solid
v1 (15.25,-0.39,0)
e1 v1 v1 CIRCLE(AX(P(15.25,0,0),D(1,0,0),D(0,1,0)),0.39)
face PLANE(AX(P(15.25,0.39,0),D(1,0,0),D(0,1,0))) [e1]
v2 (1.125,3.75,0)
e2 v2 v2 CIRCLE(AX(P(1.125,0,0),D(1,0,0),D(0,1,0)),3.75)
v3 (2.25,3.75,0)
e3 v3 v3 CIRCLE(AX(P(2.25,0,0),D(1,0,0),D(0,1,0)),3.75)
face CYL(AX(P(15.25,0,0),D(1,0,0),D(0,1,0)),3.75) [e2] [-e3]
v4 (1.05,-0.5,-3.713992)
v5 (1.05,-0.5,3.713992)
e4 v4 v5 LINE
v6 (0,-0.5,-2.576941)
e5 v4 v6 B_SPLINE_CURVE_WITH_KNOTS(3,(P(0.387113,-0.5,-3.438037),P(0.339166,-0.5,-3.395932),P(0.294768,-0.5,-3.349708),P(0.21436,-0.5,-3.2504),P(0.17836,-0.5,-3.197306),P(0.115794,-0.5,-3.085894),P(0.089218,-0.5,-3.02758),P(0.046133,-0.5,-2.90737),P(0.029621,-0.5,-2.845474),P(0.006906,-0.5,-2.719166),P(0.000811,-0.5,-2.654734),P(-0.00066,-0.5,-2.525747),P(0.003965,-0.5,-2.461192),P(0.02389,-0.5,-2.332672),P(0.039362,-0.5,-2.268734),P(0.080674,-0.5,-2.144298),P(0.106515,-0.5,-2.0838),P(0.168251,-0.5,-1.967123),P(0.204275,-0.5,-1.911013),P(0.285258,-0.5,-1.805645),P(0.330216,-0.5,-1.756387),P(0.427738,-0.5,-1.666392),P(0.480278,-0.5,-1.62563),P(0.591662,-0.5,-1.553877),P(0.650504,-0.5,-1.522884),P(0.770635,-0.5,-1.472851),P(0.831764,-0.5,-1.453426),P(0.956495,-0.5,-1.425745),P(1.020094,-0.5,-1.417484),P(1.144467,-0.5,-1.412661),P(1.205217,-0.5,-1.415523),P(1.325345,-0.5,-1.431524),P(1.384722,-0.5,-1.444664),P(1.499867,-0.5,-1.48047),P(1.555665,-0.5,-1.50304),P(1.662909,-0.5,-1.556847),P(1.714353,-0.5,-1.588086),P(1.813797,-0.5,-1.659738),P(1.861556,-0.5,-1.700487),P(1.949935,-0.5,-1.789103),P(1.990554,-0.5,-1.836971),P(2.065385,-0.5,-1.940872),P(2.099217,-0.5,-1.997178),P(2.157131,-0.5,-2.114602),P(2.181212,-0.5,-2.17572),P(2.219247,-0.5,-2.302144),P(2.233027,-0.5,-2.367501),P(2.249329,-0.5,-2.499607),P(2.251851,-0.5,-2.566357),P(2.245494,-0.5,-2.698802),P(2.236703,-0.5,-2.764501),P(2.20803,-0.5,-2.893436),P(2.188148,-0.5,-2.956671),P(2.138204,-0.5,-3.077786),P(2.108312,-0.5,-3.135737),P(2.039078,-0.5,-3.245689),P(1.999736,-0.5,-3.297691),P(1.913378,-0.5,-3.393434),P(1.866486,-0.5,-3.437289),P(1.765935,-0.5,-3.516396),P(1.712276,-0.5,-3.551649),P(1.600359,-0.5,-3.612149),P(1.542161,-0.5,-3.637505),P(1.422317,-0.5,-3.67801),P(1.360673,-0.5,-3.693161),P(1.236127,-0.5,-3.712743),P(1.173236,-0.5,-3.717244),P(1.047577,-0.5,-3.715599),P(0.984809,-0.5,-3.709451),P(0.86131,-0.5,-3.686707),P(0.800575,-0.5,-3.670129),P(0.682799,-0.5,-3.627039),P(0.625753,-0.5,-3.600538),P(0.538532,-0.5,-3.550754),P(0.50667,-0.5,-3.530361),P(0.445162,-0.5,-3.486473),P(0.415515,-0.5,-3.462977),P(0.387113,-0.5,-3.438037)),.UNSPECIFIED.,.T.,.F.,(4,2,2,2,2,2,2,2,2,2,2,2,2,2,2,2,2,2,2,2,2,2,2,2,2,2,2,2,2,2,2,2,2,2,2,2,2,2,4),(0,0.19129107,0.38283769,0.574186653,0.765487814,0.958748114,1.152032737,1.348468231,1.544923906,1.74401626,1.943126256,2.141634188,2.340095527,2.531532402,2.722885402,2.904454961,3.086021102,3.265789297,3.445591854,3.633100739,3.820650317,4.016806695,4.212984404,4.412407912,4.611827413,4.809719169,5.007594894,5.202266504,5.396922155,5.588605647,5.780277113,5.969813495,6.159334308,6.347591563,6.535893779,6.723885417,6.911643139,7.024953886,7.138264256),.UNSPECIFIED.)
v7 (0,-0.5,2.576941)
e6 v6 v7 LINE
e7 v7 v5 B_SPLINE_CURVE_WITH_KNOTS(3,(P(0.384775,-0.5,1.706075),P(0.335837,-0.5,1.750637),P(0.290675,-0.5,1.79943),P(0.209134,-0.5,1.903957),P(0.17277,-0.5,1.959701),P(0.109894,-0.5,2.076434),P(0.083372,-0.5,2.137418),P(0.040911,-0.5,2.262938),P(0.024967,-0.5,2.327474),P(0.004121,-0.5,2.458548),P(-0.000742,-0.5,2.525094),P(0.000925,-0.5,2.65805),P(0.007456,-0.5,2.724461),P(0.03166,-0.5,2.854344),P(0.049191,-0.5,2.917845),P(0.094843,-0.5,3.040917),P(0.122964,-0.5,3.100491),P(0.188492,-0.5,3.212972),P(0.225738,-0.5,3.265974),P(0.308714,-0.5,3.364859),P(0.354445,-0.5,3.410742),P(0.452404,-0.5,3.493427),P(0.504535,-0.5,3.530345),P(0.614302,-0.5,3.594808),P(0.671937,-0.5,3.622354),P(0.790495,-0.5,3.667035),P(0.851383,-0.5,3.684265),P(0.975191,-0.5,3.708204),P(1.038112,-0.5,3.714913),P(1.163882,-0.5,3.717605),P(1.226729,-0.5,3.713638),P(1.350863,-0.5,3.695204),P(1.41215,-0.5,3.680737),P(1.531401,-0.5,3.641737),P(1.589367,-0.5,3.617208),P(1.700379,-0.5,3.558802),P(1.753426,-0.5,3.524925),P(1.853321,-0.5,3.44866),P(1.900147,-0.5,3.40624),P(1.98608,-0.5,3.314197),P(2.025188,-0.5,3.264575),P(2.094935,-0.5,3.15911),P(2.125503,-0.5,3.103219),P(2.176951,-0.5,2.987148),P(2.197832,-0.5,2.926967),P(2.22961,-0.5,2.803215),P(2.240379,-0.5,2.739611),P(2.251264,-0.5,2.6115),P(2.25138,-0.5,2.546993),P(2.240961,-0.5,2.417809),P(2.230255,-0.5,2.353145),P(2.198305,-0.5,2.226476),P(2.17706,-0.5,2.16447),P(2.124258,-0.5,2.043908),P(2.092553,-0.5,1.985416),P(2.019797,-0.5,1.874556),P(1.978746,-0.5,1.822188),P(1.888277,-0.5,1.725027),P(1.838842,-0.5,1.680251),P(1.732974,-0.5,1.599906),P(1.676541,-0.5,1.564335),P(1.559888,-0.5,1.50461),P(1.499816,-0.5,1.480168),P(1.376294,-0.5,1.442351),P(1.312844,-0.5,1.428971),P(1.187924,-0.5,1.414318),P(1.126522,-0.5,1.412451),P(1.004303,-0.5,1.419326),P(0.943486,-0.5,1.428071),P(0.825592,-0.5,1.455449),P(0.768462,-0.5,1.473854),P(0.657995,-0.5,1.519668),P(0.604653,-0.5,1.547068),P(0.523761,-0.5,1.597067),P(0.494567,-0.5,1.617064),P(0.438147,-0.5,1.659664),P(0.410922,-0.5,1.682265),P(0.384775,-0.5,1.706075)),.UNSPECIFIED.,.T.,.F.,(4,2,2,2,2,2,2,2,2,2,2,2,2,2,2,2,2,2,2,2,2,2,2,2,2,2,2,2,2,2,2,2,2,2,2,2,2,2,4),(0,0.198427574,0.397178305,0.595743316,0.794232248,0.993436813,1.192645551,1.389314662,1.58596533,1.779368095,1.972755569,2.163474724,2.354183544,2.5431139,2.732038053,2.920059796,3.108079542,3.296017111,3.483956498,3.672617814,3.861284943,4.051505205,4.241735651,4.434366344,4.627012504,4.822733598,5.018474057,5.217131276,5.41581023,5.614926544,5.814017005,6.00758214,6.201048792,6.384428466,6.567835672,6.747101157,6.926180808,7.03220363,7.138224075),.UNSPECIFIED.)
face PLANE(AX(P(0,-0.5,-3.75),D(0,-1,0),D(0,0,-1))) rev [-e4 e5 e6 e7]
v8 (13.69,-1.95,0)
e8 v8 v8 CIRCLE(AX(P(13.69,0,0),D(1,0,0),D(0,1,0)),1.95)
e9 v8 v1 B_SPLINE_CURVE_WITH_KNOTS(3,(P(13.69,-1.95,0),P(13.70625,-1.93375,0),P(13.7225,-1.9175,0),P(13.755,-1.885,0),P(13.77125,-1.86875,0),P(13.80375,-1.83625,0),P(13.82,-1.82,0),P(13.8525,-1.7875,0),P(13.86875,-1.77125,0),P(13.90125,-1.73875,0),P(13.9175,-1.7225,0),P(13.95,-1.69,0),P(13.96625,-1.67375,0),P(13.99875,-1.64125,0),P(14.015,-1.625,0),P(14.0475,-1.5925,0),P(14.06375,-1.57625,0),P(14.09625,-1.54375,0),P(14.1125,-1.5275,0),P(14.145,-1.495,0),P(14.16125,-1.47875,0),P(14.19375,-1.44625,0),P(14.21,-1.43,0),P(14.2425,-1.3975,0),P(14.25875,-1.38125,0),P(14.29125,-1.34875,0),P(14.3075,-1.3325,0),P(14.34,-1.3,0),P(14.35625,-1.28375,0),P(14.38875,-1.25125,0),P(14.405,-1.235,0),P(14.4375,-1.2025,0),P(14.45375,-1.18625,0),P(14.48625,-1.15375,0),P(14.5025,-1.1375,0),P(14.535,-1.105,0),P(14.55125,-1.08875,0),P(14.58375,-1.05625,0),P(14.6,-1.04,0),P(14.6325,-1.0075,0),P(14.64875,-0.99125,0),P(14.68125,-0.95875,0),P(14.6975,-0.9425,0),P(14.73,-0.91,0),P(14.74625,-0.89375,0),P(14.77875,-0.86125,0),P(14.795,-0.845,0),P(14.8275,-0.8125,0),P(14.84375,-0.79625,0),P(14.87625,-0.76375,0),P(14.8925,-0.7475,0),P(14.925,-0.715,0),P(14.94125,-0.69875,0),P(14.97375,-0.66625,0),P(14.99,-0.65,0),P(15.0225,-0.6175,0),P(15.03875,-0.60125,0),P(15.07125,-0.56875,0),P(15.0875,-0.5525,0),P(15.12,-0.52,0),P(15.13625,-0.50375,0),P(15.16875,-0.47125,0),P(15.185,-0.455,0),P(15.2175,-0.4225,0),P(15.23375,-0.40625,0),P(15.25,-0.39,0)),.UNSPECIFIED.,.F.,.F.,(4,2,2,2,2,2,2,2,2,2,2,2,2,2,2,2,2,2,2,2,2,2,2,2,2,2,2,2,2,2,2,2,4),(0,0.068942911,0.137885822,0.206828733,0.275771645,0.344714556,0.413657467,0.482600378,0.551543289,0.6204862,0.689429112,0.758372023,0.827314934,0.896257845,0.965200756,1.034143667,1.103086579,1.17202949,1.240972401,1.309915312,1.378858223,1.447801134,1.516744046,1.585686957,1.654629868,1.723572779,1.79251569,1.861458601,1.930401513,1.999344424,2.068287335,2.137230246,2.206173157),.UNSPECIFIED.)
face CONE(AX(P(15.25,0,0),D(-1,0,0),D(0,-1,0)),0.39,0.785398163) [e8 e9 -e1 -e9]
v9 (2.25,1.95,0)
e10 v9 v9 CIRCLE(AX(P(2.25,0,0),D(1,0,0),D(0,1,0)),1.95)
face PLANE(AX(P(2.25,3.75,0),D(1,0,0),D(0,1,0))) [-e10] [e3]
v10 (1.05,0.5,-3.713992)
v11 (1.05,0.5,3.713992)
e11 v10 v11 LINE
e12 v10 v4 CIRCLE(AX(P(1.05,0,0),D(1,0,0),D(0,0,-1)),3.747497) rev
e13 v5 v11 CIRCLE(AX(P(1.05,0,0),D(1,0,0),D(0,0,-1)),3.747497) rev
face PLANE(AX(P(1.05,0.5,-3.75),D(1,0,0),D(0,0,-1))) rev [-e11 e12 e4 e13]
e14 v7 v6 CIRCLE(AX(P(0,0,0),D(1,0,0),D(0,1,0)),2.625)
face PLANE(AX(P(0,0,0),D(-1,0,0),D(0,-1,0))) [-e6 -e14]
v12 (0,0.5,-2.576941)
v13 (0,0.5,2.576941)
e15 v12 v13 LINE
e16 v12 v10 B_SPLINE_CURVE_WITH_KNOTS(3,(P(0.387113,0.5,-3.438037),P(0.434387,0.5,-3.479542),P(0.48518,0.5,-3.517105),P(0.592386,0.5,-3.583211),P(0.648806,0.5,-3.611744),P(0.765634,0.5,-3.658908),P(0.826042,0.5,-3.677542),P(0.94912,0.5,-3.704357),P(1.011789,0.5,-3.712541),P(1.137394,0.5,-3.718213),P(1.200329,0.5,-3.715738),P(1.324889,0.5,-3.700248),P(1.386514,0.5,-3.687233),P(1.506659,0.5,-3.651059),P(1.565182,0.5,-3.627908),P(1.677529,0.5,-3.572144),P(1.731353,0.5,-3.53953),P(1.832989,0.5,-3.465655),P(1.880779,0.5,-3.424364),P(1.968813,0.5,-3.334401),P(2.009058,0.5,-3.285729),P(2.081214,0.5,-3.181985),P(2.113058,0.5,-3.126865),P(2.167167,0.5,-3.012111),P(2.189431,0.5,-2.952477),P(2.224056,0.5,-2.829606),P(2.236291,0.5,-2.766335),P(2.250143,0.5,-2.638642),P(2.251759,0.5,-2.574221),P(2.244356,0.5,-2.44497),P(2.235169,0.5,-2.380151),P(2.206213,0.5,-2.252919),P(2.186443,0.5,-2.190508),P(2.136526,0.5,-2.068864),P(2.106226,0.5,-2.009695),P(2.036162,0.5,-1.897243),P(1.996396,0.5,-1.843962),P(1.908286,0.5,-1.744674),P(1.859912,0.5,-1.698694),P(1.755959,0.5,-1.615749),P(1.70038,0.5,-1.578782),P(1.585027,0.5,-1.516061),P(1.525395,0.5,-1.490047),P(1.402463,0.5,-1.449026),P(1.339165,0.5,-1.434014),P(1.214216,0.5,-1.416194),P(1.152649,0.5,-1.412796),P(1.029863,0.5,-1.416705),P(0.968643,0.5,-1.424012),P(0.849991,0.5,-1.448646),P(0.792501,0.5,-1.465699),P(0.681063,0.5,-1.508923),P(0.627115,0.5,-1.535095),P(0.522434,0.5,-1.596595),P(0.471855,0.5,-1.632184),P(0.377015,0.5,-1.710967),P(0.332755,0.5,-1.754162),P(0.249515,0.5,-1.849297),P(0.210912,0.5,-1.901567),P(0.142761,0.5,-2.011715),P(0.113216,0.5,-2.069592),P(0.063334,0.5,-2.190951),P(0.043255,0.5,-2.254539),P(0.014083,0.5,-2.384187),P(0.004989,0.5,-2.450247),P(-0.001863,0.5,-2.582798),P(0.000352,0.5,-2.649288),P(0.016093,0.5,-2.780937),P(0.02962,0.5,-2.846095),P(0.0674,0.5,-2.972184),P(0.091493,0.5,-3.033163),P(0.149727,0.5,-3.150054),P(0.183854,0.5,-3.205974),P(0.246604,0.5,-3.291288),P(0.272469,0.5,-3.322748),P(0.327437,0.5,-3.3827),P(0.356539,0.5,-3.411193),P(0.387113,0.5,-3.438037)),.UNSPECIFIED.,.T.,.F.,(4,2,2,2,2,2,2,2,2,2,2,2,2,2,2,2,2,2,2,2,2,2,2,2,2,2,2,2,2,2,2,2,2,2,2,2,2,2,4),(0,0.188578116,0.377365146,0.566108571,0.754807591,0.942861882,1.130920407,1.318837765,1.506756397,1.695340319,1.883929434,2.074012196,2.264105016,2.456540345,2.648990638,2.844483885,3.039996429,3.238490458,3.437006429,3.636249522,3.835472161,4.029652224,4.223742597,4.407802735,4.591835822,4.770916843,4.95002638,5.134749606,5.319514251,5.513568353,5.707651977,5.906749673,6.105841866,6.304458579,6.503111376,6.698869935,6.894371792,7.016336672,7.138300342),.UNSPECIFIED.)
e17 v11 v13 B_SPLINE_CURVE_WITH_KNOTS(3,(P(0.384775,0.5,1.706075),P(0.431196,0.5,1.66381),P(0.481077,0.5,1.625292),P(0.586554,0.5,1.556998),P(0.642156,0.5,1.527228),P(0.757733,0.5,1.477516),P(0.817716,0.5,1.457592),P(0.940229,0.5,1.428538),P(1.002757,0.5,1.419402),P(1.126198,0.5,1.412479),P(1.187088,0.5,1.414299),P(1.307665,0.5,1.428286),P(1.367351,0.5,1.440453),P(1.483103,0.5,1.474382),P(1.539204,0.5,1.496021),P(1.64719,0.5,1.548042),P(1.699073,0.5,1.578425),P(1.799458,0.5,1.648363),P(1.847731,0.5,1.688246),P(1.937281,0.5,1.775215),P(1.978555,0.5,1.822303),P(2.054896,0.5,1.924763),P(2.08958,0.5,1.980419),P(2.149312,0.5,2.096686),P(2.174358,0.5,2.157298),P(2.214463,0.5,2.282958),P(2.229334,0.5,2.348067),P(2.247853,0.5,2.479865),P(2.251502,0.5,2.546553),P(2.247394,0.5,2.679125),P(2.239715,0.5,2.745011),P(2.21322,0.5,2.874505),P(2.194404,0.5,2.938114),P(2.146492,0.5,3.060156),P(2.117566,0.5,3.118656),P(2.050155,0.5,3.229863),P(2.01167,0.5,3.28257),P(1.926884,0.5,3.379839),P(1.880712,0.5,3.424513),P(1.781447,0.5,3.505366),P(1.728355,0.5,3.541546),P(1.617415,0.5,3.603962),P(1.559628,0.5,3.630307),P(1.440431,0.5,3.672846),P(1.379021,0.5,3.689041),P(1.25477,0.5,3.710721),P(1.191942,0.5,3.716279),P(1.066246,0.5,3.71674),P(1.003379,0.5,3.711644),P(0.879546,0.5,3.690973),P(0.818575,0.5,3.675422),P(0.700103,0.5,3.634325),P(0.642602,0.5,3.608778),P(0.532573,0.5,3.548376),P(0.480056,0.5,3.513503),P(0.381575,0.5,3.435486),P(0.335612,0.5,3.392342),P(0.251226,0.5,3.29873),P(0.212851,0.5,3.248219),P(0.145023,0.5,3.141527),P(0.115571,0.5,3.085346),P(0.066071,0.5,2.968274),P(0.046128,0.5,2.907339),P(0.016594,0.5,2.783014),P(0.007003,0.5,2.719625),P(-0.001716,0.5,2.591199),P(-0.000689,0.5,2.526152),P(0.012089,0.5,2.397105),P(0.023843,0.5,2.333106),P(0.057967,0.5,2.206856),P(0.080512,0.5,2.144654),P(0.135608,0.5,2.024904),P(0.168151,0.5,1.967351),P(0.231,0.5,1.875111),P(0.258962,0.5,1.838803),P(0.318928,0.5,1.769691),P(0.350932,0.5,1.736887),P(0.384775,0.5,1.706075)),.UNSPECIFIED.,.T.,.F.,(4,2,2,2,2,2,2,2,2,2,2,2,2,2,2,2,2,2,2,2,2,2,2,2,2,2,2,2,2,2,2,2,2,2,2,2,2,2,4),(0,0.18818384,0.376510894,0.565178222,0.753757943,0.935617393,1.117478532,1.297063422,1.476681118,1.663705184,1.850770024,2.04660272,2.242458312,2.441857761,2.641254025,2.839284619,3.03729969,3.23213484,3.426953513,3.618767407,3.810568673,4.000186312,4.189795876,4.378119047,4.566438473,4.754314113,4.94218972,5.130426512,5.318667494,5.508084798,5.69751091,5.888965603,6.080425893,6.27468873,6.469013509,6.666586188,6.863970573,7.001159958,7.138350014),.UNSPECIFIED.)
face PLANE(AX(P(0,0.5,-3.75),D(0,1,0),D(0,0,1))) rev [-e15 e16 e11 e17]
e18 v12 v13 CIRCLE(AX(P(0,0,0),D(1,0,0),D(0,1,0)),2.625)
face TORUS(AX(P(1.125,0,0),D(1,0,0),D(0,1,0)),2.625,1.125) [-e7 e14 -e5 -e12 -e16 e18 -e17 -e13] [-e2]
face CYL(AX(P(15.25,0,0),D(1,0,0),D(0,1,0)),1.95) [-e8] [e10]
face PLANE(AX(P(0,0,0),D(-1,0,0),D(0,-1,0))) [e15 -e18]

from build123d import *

# Parameters (mm, degrees)
CUT_EXTRUDE1_DEPTH      = 17.145819892
CUT_EXTRUDE1_DEPTH_BACK = 17.145819892
SKETCH2_W               = 1.05
SKETCH2_H               = 1


with BuildPart() as part:
    # Sketch1 → Revolve1 (revolve)
    with BuildSketch(Plane.XY):
        with BuildLine():
            Line((0, 0), (0, 2.625))
            ThreePointArc((0, 2.625), (0.329504871, 3.420495129), (1.125, 3.75))
            Line((1.125, 3.75), (2.25, 3.75))
            Line((2.25, 3.75), (2.25, 1.95))
            Line((2.25, 1.95), (13.69, 1.95))
            Line((13.69, 1.95), (15.25, 0.39))
            Line((15.25, 0.39), (15.25, 0))
            Line((15.25, 0), (0, 0))
        make_face()
    revolve(axis=Axis((15.25, 0, 0), (-1, 0, 0)))

    # Sketch2 → Cut-Extrude1 (cut, two sides: drawn at the far end of the back side and taken through both)
    with BuildSketch(Plane.XY.offset(-CUT_EXTRUDE1_DEPTH_BACK)):
        with Locations((0.525, 0)):
            Rectangle(SKETCH2_W, SKETCH2_H)
    extrude(amount=CUT_EXTRUDE1_DEPTH + CUT_EXTRUDE1_DEPTH_BACK, mode=Mode.SUBTRACT)


solid = part.part
